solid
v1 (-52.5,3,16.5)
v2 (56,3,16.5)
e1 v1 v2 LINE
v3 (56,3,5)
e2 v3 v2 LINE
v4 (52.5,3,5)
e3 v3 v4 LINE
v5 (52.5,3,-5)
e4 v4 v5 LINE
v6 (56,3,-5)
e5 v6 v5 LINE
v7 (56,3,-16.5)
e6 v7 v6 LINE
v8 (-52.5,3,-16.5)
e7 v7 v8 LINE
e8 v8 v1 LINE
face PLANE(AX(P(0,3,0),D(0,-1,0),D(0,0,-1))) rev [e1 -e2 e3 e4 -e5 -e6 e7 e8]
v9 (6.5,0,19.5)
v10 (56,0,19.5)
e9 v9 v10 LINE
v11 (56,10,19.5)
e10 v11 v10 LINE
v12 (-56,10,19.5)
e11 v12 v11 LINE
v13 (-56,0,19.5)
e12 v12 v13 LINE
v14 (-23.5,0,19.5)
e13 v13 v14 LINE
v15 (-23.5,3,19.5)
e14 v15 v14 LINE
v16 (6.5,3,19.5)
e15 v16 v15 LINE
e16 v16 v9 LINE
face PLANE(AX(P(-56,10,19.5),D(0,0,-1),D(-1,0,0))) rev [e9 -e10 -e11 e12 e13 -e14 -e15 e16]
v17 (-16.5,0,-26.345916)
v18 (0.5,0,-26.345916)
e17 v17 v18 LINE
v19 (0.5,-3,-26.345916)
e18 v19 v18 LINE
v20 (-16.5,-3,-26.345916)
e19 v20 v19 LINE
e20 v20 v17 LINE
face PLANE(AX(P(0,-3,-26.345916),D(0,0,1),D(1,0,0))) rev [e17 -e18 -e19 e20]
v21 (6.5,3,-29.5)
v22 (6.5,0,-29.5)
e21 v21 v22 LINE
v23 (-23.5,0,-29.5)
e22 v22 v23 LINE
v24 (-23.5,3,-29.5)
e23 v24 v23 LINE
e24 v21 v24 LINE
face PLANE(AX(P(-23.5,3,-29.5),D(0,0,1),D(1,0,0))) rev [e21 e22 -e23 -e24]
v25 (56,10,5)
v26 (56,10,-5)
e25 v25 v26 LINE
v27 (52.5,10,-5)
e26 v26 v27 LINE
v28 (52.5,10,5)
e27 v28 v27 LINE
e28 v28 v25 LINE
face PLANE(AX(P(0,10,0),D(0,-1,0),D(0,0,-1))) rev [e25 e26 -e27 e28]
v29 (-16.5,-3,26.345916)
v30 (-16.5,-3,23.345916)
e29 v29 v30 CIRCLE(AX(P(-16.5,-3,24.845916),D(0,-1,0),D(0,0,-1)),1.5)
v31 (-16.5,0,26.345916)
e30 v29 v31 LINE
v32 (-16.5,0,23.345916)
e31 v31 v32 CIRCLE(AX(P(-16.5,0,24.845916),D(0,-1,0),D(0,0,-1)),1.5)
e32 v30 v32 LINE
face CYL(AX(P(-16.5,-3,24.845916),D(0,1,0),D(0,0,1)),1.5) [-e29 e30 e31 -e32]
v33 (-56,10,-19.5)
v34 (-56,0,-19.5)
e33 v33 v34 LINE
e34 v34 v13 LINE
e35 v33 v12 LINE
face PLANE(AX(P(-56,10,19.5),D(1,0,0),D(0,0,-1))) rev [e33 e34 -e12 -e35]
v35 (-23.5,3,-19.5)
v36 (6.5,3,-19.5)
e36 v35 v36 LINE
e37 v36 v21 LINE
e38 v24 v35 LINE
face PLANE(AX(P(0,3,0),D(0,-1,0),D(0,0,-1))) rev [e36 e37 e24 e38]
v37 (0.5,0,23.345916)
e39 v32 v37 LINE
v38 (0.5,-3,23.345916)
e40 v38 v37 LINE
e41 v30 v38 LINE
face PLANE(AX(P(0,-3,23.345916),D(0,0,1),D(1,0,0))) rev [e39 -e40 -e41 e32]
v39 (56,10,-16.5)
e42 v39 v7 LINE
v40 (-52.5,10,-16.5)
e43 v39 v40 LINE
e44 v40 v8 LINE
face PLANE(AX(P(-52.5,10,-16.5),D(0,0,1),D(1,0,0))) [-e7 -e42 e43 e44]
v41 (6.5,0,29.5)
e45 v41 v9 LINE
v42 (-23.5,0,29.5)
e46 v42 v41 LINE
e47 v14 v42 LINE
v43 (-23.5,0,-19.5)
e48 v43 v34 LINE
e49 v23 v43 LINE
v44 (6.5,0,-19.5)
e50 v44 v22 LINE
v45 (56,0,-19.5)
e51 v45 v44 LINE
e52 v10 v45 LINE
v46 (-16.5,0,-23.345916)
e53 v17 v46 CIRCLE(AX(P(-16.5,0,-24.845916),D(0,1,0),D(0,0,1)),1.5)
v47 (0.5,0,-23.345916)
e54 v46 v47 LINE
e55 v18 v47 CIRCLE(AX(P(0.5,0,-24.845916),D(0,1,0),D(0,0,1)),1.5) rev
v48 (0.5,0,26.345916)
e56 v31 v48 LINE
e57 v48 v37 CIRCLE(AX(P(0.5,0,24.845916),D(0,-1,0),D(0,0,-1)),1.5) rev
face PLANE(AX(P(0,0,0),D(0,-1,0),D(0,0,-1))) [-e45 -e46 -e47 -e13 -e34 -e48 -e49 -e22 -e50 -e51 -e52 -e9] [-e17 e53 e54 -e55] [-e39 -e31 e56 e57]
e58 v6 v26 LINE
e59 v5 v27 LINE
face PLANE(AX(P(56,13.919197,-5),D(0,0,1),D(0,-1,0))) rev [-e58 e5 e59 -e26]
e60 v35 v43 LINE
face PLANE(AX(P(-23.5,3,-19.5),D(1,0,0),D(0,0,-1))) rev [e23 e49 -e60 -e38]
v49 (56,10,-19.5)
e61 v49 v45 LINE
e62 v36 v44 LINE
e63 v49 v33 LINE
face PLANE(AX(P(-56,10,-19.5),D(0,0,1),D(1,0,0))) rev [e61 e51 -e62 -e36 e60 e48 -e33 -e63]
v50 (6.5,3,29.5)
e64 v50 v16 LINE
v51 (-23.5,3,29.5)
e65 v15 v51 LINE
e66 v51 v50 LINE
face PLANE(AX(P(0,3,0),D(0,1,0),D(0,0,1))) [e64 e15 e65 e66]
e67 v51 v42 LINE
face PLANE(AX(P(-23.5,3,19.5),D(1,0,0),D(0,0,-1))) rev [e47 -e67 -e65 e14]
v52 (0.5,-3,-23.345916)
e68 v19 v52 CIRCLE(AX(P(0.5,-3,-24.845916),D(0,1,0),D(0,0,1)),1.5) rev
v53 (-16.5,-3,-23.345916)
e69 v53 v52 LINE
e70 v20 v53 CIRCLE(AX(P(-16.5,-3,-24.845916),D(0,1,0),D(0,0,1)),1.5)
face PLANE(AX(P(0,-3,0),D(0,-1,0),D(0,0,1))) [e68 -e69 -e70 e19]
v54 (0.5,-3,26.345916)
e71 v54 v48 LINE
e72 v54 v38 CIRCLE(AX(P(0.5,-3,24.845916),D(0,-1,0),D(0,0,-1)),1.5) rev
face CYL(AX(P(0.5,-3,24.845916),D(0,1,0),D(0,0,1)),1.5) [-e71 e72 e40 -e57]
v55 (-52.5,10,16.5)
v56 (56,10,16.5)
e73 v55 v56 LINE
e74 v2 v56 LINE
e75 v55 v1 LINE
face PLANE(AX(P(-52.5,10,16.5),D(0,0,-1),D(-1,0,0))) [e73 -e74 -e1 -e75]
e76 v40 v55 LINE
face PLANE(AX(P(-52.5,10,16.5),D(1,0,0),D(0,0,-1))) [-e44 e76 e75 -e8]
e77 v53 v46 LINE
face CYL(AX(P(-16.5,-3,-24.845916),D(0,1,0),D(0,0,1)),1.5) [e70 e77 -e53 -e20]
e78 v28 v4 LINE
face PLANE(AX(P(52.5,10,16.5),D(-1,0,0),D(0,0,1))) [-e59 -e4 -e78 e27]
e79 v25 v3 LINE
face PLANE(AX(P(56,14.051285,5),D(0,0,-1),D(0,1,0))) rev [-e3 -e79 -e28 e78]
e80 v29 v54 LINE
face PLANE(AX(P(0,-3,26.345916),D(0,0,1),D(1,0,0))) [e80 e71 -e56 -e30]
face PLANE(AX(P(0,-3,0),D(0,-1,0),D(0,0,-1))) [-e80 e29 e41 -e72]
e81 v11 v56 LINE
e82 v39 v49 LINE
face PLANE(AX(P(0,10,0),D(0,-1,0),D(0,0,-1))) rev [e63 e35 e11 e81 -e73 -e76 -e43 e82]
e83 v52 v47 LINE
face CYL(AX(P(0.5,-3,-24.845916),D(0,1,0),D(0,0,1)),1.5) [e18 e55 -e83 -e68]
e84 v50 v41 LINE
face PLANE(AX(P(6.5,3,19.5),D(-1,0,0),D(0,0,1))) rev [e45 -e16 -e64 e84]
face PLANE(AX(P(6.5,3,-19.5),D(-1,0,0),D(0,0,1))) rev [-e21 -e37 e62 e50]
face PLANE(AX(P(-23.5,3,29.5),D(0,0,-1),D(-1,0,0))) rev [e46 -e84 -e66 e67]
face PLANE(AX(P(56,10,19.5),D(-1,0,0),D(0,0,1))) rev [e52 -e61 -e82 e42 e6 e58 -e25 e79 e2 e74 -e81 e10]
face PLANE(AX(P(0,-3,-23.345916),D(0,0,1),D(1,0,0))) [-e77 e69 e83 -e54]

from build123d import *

# Parameters (mm, degrees)
SKETCH1_W           = 112
SKETCH1_H           = 39
SKETCH1_W_2         = 105
SKETCH1_H_2         = 33
BOSS_EXTRUDE1_DEPTH = 10
SKETCH2_W           = 105
SKETCH2_H           = 33
BOSS_EXTRUDE2_DEPTH = 3
SKETCH3_W           = 11.5
SKETCH3_H           = 10.919197496
SKETCH3_H_2         = 11.051284563
CUT_EXTRUDE1_DEPTH  = 111.691011379
SKETCH4_W           = 30
SKETCH4_H           = 10
BOSS_EXTRUDE3_DEPTH = 3
SKETCH5_W           = 17
SKETCH5_H           = 3
BOSS_EXTRUDE4_DEPTH = 3


with BuildPart() as part:
    # Sketch1 → Boss-Extrude1 (new body)
    with BuildSketch(Plane(origin=(0, 0, 0), x_dir=(1, 0, 0), z_dir=(0, 1, 0))):
        Rectangle(SKETCH1_W, SKETCH1_H)
        Rectangle(SKETCH1_W_2, SKETCH1_H_2, mode=Mode.SUBTRACT)
    extrude(amount=BOSS_EXTRUDE1_DEPTH)

    # Sketch2 → Boss-Extrude2 (add)
    with BuildSketch(Plane(origin=(0, 0, 0), x_dir=(1, 0, 0), z_dir=(0, 1, 0))):
        Rectangle(SKETCH2_W, SKETCH2_H)
    extrude(amount=BOSS_EXTRUDE2_DEPTH)

    # Sketch3 → Cut-Extrude1 (cut, through all)
    with BuildSketch(Plane.ZY.offset(-52.5)):
        with Locations((-10.75, 8.459598748)):
            Rectangle(SKETCH3_W, SKETCH3_H)
        with Locations((10.75, 8.525642282)):
            Rectangle(SKETCH3_W, SKETCH3_H_2)
    extrude(amount=-CUT_EXTRUDE1_DEPTH, mode=Mode.SUBTRACT)

    # Sketch4 → Boss-Extrude3 (add)
    with BuildSketch(Plane(origin=(0, 0, 0), x_dir=(1, 0, 0), z_dir=(0, 1, 0))):
        with Locations((-8.5, 24.5)):
            Rectangle(SKETCH4_W, SKETCH4_H)
        with Locations((-8.5, -24.5)):
            Rectangle(SKETCH4_W, SKETCH4_H)
    extrude(amount=BOSS_EXTRUDE3_DEPTH)

    # Sketch5 → Boss-Extrude4 (add)
    with BuildSketch(Plane.XZ):
        with Locations((-8, 24.845915891)):
            Rectangle(SKETCH5_W, SKETCH5_H)
        with BuildLine():
            Line((-16.5, 26.345915891), (-16.5, 23.345915891))
            ThreePointArc((-16.5, 23.345915891), (-18, 24.845915891), (-16.5, 26.345915891))
        make_face()
        with BuildLine():
            ThreePointArc((0.5, 26.345915891), (2, 24.845915891), (0.5, 23.345915891))
            Line((0.5, 23.345915891), (0.5, 26.345915891))
        make_face()
    boss_extrude4 = extrude(amount=BOSS_EXTRUDE4_DEPTH)

    # Mirror1: Boss-Extrude4 across plane
    add(boss_extrude4.mirror(Plane.XY))


solid = part.part
